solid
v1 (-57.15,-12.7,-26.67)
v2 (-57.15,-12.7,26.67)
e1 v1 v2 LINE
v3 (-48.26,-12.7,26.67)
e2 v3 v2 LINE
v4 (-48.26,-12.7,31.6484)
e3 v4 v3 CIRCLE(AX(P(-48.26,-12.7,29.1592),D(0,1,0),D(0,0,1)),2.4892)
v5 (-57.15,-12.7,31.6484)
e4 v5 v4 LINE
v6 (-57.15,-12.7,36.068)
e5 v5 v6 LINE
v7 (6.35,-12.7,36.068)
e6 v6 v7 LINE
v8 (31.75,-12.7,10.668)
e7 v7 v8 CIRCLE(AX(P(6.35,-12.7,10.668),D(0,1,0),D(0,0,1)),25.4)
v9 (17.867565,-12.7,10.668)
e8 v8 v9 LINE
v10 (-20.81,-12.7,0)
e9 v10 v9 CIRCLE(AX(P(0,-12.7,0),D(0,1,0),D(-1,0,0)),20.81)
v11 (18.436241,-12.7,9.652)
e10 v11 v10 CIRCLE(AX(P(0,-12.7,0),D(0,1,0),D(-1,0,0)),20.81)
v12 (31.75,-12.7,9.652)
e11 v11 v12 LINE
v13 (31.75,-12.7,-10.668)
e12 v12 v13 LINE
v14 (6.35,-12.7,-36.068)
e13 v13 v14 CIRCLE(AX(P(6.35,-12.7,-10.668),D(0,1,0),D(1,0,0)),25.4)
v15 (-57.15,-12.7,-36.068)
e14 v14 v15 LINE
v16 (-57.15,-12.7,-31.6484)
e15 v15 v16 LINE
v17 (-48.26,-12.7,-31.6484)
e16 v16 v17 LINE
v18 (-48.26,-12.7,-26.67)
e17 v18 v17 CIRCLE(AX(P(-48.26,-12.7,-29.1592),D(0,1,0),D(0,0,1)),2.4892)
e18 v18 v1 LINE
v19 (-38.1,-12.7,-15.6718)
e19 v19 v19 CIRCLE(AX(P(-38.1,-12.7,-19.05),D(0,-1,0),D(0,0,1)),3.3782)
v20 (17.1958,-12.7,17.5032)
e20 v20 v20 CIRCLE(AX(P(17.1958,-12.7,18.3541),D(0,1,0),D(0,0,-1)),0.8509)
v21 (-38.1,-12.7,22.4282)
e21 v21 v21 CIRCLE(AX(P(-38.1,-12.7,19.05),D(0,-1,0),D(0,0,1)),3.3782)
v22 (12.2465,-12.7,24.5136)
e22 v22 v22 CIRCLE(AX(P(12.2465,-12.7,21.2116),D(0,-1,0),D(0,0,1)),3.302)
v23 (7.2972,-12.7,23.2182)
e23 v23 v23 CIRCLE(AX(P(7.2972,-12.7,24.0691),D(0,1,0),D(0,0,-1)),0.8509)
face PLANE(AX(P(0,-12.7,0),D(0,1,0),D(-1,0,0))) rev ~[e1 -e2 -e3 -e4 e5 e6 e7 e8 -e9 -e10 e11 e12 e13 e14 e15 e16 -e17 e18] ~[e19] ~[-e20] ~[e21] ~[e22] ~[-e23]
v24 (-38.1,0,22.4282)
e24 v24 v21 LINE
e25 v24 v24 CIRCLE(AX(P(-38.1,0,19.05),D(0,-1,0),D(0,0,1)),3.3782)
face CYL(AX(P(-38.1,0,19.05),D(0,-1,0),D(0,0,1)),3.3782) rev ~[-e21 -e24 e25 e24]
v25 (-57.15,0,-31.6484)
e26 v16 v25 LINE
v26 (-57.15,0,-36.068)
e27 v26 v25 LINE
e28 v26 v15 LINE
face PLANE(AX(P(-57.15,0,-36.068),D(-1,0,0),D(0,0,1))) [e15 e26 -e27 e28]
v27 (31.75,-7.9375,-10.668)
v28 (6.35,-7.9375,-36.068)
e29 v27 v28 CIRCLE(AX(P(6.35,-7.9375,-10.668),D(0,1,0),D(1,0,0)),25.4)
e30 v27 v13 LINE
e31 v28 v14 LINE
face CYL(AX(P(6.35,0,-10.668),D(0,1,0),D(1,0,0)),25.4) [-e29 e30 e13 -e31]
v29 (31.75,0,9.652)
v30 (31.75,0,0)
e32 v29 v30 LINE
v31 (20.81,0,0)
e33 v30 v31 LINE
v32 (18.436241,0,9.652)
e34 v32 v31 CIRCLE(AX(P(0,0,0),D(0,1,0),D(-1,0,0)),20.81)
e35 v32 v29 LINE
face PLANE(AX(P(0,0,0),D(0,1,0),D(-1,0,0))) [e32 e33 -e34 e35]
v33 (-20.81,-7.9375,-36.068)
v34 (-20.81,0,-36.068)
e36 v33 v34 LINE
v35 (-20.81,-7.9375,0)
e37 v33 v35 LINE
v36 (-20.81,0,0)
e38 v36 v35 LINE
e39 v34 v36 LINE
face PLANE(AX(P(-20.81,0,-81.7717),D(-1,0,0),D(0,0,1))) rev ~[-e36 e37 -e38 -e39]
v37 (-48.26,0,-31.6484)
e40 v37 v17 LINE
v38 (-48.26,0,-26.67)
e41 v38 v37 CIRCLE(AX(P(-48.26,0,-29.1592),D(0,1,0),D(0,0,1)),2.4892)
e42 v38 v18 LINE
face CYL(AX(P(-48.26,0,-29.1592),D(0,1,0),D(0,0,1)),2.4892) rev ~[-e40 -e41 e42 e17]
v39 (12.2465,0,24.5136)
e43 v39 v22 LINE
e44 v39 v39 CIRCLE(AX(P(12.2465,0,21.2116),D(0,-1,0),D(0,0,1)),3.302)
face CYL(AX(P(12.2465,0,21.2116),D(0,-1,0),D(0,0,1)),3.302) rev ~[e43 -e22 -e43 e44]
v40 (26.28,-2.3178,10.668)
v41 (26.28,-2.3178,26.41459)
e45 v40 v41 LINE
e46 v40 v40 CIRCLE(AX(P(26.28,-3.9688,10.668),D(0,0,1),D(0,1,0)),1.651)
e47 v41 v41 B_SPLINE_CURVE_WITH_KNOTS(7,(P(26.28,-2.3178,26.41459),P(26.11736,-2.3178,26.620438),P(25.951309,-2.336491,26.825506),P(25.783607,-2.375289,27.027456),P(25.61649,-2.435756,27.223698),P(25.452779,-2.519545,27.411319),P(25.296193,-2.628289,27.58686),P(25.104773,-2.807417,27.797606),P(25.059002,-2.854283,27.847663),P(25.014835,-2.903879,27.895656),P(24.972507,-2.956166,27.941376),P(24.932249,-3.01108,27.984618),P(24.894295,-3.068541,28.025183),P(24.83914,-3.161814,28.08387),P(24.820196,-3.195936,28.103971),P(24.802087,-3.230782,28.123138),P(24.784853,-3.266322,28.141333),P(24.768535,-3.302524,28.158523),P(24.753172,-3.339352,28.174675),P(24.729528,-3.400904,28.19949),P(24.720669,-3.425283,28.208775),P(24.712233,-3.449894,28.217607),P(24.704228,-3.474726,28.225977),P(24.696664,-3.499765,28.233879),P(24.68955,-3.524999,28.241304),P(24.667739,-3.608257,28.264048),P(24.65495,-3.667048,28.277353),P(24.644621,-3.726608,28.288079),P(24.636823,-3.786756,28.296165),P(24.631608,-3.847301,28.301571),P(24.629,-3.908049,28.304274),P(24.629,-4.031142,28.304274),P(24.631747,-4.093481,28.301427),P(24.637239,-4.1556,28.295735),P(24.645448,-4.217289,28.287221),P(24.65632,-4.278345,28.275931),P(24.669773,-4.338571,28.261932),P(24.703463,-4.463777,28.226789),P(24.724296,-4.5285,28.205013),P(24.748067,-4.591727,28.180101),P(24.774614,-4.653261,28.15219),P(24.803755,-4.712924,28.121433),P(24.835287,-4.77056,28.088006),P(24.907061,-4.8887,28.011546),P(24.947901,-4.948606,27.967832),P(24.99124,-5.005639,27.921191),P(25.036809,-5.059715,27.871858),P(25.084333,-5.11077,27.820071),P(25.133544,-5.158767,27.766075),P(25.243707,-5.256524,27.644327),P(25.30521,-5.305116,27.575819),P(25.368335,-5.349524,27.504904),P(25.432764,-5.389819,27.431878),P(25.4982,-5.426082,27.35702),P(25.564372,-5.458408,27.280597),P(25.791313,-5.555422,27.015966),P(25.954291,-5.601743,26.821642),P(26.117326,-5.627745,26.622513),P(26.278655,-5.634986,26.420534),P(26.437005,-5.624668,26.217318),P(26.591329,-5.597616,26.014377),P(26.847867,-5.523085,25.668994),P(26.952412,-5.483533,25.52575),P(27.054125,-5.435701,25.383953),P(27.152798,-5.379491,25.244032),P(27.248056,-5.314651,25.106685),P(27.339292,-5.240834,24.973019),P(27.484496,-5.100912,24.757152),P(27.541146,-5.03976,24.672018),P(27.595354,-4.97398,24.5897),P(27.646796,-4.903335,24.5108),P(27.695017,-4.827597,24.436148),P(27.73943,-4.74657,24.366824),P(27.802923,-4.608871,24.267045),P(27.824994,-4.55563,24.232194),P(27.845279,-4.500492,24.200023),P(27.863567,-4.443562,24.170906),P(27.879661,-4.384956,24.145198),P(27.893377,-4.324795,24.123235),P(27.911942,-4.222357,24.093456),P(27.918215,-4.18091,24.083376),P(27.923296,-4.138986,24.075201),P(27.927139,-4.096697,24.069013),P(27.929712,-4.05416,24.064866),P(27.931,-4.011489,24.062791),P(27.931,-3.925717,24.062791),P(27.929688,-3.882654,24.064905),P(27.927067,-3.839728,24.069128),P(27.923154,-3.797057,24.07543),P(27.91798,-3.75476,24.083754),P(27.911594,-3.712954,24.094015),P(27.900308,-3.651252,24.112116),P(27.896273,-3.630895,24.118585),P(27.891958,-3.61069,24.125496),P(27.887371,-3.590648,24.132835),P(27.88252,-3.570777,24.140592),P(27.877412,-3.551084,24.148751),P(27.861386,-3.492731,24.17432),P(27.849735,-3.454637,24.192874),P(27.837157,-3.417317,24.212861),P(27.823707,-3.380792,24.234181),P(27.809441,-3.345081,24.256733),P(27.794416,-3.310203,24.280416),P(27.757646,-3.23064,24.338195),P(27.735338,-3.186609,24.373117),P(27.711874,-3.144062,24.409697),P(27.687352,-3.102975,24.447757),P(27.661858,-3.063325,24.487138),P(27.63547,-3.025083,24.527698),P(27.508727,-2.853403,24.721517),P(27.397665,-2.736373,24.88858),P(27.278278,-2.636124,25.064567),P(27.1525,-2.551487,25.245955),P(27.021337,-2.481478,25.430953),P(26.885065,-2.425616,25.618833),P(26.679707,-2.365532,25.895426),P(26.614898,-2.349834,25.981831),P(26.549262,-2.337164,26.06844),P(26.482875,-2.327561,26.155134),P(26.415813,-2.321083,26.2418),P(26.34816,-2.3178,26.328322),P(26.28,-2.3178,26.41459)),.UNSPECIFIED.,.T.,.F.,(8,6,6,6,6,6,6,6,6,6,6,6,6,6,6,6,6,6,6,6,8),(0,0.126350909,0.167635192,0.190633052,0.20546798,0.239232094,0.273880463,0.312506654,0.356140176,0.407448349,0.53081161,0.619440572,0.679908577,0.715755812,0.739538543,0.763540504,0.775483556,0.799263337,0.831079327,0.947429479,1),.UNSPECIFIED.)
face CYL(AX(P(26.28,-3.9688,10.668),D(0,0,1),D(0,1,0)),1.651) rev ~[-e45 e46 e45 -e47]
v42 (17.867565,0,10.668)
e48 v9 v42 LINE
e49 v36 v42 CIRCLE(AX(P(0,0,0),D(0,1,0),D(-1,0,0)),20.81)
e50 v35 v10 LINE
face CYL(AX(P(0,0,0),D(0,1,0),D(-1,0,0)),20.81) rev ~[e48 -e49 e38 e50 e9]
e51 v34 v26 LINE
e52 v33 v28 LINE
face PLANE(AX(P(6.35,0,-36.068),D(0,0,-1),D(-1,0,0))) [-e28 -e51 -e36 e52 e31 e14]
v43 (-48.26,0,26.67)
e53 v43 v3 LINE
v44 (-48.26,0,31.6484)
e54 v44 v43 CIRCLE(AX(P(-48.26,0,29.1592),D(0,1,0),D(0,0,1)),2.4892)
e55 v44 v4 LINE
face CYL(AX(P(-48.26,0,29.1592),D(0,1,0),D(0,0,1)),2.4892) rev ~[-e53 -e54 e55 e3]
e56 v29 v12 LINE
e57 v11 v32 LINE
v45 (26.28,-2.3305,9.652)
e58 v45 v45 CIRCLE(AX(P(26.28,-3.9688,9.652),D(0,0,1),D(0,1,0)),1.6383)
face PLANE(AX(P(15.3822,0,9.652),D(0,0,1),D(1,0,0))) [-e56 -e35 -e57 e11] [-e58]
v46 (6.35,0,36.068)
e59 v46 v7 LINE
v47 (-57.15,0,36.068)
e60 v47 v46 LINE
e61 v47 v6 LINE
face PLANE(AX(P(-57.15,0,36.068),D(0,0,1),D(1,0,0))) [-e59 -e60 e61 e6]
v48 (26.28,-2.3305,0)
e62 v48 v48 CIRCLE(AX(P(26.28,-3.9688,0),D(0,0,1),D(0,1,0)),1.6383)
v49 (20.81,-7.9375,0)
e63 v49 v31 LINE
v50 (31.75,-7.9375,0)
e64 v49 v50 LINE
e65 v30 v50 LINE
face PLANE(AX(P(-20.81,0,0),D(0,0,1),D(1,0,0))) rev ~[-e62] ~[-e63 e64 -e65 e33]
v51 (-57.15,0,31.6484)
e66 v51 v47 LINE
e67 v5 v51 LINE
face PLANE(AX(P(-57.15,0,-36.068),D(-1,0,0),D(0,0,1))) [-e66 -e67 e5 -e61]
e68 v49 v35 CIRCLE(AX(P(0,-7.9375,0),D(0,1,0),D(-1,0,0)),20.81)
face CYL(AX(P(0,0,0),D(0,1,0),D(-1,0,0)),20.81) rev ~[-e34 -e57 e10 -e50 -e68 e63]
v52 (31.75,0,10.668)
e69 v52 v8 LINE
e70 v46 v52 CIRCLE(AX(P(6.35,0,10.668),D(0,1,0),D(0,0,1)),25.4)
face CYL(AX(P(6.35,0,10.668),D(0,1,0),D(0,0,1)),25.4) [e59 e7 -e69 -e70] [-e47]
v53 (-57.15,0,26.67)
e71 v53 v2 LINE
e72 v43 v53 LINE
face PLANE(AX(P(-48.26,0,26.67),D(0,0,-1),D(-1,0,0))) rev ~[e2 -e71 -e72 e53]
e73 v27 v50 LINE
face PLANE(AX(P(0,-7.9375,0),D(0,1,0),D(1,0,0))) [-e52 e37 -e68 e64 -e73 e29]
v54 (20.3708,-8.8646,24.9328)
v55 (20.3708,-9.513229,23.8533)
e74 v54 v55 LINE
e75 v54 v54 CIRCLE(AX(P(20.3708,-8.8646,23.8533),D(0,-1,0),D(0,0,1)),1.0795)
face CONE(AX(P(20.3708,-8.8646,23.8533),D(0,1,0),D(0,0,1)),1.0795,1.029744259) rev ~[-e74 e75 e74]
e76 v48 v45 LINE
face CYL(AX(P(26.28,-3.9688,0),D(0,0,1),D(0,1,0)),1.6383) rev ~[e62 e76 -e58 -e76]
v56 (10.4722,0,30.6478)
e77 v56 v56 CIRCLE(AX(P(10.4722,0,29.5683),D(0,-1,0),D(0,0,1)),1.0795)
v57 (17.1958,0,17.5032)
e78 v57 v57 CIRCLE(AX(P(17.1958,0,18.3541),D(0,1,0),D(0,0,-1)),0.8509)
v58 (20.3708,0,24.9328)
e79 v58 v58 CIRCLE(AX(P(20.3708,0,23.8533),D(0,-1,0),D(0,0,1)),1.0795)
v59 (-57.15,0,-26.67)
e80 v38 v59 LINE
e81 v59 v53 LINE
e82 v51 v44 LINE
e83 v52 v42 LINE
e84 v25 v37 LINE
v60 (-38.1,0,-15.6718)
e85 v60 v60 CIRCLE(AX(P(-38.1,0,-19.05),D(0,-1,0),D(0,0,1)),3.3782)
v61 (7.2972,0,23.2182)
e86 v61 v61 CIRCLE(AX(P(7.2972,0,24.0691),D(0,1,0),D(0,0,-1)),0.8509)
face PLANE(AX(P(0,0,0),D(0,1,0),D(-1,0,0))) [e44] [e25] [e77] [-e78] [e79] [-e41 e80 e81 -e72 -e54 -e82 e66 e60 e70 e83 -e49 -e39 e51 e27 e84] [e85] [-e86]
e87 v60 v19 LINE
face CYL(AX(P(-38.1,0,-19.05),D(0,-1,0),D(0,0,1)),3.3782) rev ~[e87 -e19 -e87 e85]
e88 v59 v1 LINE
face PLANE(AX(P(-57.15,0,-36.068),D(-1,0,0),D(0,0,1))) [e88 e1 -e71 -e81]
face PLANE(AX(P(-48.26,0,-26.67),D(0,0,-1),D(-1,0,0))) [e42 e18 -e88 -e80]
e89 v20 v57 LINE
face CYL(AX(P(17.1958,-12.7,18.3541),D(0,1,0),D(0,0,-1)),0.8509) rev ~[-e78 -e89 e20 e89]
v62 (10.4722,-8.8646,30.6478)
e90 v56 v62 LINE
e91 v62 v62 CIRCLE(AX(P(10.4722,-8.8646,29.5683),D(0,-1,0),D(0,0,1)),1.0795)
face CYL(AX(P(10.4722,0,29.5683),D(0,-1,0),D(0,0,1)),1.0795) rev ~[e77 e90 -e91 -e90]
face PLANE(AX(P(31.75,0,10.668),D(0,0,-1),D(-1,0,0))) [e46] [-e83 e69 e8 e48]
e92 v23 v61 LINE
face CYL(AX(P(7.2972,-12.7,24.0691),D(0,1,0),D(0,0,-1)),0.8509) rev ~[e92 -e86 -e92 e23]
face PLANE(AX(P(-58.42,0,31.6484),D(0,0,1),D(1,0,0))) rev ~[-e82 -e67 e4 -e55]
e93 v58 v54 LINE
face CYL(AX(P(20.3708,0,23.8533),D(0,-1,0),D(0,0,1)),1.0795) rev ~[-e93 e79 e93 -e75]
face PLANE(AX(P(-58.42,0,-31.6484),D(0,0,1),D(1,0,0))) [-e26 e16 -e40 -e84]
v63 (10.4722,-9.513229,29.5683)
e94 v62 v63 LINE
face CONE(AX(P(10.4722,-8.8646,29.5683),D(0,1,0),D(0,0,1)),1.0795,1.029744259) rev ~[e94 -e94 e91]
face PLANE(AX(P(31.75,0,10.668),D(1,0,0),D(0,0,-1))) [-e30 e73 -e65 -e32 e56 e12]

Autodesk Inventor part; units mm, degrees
ref_plane "YZ Plane" through (0, 0, 0) normal (1, 0, 0) x (0, 1, 0)
ref_plane "XZ Plane" through (0, 0, 0) normal (0, 1, 0) x (-1, 0, 0)
ref_plane "XY Plane" through (0, 0, 0) normal (0, 0, 1) x (1, 0, 0)
sketch "Sketch1" plane through (0, 0, 0) normal (0, 1, 0) x (-1, 0, 0)
  line L0 (-54.2742, 0) -> (84.3226, 0) construction
  line L1 (-6.35, -36.068) -> (57.15, -36.068)
  line L2 (57.15, -36.068) -> (57.15, 36.068)
  line L3 (57.15, 36.068) -> (-6.35, 36.068)
  line L4 (-31.75, 10.668) -> (-31.75, -10.668)
  circle A0 centre (0, 0) radius 17 construction
  circle A1 centre (0, 0) radius 20.81
  line L5 (0, 0) -> (-18.9066, 32.7472) construction
  circle A2 centre (0, 0) radius 3.81 construction
  arc A3 (-6.35, 36.068) -> (-31.75, 10.668) centre (-6.35, 10.668) ccw
  arc A4 (-31.75, -10.668) -> (-6.35, -36.068) centre (-6.35, -10.668) ccw
  circle A5 centre (-12.2465, 21.2116) radius 1.6256 construction
  line L6 (0, 0) -> (31.1733, 53.9938) construction
  circle A6 centre (24.493, 0) radius 1.6256 construction
  circle A7 centre (-12.2465, -21.2116) radius 1.6256 construction
  circle A8 centre (-12.2465, 21.2116) radius 3.175 construction
  point P0 (-31.75, -36.068)
  point P1 (-31.75, 36.068)
  dimension "d0" = 72.136
  dimension "d1" = 88.9
  dimension "d2" = 34
  dimension "d3" = 3.81
  dimension "d4" = 31.75
  dimension "tri_angle" = 120
  dimension "fov_diameter" = 7.62
  dimension "d9" = 25.4
  dimension "d12" = 3.2512
  dimension "mount_radius" = 24.493
  dimension "d14" = 60
  dimension "d25" = 6.35
  dimension "main_aperture_diameter" = 41.62
  dimension "d67" = 2.0574
  dimension "d68" = 10.94
extrude "Extrusion2" add sketch "Sketch1" against normal blind 12.7
sketch "Sketch12" plane through (0, 0, 0) normal (0, 1, 0) x (1, 0, 0)
  line L0 (0, 0) -> (18.9066, -32.7472) construction
  line L1 (12.2465, -21.2116) -> (8.7633, -23.2226) construction
  point P0 (7.2972, -24.0691)
  point P1 (17.1958, -18.3541)
  dimension "d94" = 11.43
sketch "Sketch13" plane through (0, 0, 0) normal (0, 1, 0) x (1, 0, 0)
  line L0 (0, 0) -> (18.9066, -32.7472) construction
  point P0 (12.2465, -21.2116)
hole "Hole4" at (12.2465, 0, 21.2116) direction (0, -1, 0) diameter 6.604 depth 25.4 tip angle 118
sketch "Sketch14" plane through (0, 0, 0) normal (0, 1, 0) x (1, 0, 0)
  line L0 (-112.042, 0) -> (81.9935, 0) projected
  line L1 (-58.42, 29.1592) -> (-48.26, 29.1592) construction
  line L2 (-58.42, 31.6484) -> (-48.26, 31.6484)
  line L3 (-48.26, 26.67) -> (-58.42, 26.67)
  arc A0 (-58.42, 31.6484) -> (-58.42, 26.67) centre (-58.42, 29.1592) ccw
  arc A1 (-48.26, 26.67) -> (-48.26, 31.6484) centre (-48.26, 29.1592) ccw
  line L4 (-58.42, -31.6484) -> (-48.26, -31.6484)
  line L5 (-48.26, -26.67) -> (-58.42, -26.67)
  arc A2 (-58.42, -26.67) -> (-58.42, -31.6484) centre (-58.42, -29.1592) ccw
  arc A3 (-48.26, -31.6484) -> (-48.26, -26.67) centre (-48.26, -29.1592) ccw
  point P0 (0, 0)
  point P1 (-53.34, 29.1592)
  dimension "d102" = 4.9784
  dimension "d103" = 48.26
  dimension "d104" = 29.1592
  dimension "d105" = 10.16
extrude "Extrusion11" cut sketch "Sketch14" against normal blind 25.4
sketch "Sketch16" plane through (0, 0, 0) normal (0, 1, 0) x (1, 0, 0)
  line L0 (-112.042, 0) -> (81.9935, 0) projected
  line L1 (0, 50.4952) -> (0, -50.4952) projected
  arc A0 (-20.81, 0) -> (-20.81, 0) centre (0, 0) ccw projected
  line L2 (-20.81, 81.7717) -> (-20.81, 0)
  line L3 (0, 0) -> (42.69, 0)
  line L4 (42.69, 0) -> (42.69, 81.7717)
  line L5 (42.69, 81.7717) -> (-20.81, 81.7717)
  line L6 (0, 0) -> (-20.81, 0)
  line L7 (-20.81, 0) -> (-37.279, 0)
  dimension "d112" = 63.5
  dimension "d113" = 81.7717
  dimension "d124" = 0
extrude "Extrusion13" cut sketch "Sketch16" against normal blind 7.9375 contours A0 L1 L0 | L2 L5 L4 L0 A0 | L1 A0 L0 picked at (-13.6994, 1.5436) picked at (7.3346, 11.673)
sketch "Sketch17" plane through (0, -12.7, 0) normal (0, -1, 0) x (1, 0, 0)
  point P0 (0, 0)
  point P1 (7.2972, 24.0691)
  point P2 (17.1958, 18.3541)
hole "Hole6" at (7.2972, -12.7, 24.0691) at (17.1958, -12.7, 18.3541) direction (0, 1, 0) diameter 1.7018 depth 25.4 tip angle 118
sketch "Sketch18" plane through (0, 0, 0) normal (0, 1, 0) x (1, 0, 0)
  line L0 (0, 0) -> (18.9066, -32.7472) construction
  line L1 (7.2972, -24.0691) -> (11.5397, -31.4173) construction
  point P0 (17.1958, -18.3541)
  point P1 (10.4722, -29.5683)
  point P2 (20.3708, -23.8533)
  dimension "d125" = 6.35
hole "Hole7" at (10.4722, 0, 29.5683) at (20.3708, 0, 23.8533) direction (0, -1, 0) diameter 2.159 depth 8.8646 tip angle 118
sketch "Sketch19" plane through (0, 0, 0) normal (0, 1, 0) x (1, 0, 0)
  line L0 (54.2742, 0) -> (-84.3226, 0) construction
  point P0 (0, 0)
  point P1 (0, 0)
  point P2 (-38.1, 19.05)
  point P3 (-38.1, -19.05)
  dimension "d133" = 38.1
  dimension "d134" = 38.1
hole "Hole8" at (-38.1, 0, 19.05) at (-38.1, 0, -19.05) direction (0, -1, 0) diameter 6.7564 depth 19.05 tip angle 118 clearance for "Flat Head Machine Screw (82)" size "1/4" standard "Ansi Unified Screw Threads"
sketch "Sketch20" plane through (0, 0, 0) normal (0, 1, 0) x (1, 0, 0)
  line L0 (31.75, -10.668) -> (15.3822, -10.668)
  line L1 (15.3822, -10.668) -> (15.3822, -9.652)
  line L2 (15.3822, -9.652) -> (31.75, -9.652)
  line L3 (31.75, -9.652) -> (31.75, -10.668)
  point P0 (0, 0)
  dimension "d142" = 1.016
  dimension "d143" = 16.3678
extrude "Extrusion14" cut sketch "Sketch20" against normal blind 25.4
sketch "Sketch21" plane through (31.75, 0, 0) normal (0, 0, -1) x (-1, 0, 0)
  line L0 (0, -7.9375) -> (0, 0) construction
  line L1 (0, -7.9375) -> (10.94, -7.9375) construction
  line L2 (10.94, 0) -> (10.94, -7.9375) construction
  line L3 (0, 0) -> (10.94, 0) construction
  line L4 (10.94, 0) -> (0, -7.9375) construction
  line L5 (0, 0) -> (25.4, 0) construction
  line L6 (0, -7.9375) -> (10.94, -7.9375) construction
  line L7 (0, 0) -> (10.94, -7.9375) construction
  point P0 (31.75, 0)
  point P1 (5.47, -3.9688)
hole "Hole9" at (26.28, -3.9688, 0) direction (0, 0, 1) diameter 3.2766 depth 10.16 clearance for "Flat Head Machine Screw (82)" size "#4" standard "Ansi Unified Screw Threads"
sketch "Sketch22" plane through (31.75, 0, 10.668) normal (0, 0, -1) x (-1, 0, 0)
  point P0 (31.75, 0)
  point P1 (5.47, -3.9688)
hole "Hole10" at (26.28, -3.9688, 10.668) direction (0, 0, 1) diameter 3.302 depth 25.4 tip angle 118 thread size "8-32 UNC" class "2B" standard "ANSI Unified Screw Threads"
sketch "Sketch23" plane through (0, -12.7, 0) normal (0, -1, 0) x (1, 0, 0)
  line L0 (0, 0) -> (18.9066, 32.7472) construction
  arc A0 (17.8676, 10.668) -> (18.4362, 9.652) centre (0, 0) ccw projected
  arc A1 (31.75, 10.668) -> (6.35, 36.068) centre (6.35, 10.668) ccw projected
  circle A2 centre (13.5955, 23.5481) radius 6
  line L1 (6.5804, 20.67) -> (17.5284, 14.3493) construction
  circle A3 centre (12.2465, 21.2116) radius 3.302 construction
  dimension "d160" = 12
extrude "Extrusion15" [suppressed]
equation "\"fov_diameter\" = 2 * d3"
equation "\"d14\" = 0.5 * tri_angle"
equation "\"d15\" = plate_thickness"
equation "\"plate_thickness\" = 12.7"
equation "\"magnet_depth\" = plate_thickness - pin_depth"
equation "\"hole_diameter\" = d2 + fov_diameter"
equation "\"pin_depth\" = 2.921"
properties part number "v2_tri_mount"
